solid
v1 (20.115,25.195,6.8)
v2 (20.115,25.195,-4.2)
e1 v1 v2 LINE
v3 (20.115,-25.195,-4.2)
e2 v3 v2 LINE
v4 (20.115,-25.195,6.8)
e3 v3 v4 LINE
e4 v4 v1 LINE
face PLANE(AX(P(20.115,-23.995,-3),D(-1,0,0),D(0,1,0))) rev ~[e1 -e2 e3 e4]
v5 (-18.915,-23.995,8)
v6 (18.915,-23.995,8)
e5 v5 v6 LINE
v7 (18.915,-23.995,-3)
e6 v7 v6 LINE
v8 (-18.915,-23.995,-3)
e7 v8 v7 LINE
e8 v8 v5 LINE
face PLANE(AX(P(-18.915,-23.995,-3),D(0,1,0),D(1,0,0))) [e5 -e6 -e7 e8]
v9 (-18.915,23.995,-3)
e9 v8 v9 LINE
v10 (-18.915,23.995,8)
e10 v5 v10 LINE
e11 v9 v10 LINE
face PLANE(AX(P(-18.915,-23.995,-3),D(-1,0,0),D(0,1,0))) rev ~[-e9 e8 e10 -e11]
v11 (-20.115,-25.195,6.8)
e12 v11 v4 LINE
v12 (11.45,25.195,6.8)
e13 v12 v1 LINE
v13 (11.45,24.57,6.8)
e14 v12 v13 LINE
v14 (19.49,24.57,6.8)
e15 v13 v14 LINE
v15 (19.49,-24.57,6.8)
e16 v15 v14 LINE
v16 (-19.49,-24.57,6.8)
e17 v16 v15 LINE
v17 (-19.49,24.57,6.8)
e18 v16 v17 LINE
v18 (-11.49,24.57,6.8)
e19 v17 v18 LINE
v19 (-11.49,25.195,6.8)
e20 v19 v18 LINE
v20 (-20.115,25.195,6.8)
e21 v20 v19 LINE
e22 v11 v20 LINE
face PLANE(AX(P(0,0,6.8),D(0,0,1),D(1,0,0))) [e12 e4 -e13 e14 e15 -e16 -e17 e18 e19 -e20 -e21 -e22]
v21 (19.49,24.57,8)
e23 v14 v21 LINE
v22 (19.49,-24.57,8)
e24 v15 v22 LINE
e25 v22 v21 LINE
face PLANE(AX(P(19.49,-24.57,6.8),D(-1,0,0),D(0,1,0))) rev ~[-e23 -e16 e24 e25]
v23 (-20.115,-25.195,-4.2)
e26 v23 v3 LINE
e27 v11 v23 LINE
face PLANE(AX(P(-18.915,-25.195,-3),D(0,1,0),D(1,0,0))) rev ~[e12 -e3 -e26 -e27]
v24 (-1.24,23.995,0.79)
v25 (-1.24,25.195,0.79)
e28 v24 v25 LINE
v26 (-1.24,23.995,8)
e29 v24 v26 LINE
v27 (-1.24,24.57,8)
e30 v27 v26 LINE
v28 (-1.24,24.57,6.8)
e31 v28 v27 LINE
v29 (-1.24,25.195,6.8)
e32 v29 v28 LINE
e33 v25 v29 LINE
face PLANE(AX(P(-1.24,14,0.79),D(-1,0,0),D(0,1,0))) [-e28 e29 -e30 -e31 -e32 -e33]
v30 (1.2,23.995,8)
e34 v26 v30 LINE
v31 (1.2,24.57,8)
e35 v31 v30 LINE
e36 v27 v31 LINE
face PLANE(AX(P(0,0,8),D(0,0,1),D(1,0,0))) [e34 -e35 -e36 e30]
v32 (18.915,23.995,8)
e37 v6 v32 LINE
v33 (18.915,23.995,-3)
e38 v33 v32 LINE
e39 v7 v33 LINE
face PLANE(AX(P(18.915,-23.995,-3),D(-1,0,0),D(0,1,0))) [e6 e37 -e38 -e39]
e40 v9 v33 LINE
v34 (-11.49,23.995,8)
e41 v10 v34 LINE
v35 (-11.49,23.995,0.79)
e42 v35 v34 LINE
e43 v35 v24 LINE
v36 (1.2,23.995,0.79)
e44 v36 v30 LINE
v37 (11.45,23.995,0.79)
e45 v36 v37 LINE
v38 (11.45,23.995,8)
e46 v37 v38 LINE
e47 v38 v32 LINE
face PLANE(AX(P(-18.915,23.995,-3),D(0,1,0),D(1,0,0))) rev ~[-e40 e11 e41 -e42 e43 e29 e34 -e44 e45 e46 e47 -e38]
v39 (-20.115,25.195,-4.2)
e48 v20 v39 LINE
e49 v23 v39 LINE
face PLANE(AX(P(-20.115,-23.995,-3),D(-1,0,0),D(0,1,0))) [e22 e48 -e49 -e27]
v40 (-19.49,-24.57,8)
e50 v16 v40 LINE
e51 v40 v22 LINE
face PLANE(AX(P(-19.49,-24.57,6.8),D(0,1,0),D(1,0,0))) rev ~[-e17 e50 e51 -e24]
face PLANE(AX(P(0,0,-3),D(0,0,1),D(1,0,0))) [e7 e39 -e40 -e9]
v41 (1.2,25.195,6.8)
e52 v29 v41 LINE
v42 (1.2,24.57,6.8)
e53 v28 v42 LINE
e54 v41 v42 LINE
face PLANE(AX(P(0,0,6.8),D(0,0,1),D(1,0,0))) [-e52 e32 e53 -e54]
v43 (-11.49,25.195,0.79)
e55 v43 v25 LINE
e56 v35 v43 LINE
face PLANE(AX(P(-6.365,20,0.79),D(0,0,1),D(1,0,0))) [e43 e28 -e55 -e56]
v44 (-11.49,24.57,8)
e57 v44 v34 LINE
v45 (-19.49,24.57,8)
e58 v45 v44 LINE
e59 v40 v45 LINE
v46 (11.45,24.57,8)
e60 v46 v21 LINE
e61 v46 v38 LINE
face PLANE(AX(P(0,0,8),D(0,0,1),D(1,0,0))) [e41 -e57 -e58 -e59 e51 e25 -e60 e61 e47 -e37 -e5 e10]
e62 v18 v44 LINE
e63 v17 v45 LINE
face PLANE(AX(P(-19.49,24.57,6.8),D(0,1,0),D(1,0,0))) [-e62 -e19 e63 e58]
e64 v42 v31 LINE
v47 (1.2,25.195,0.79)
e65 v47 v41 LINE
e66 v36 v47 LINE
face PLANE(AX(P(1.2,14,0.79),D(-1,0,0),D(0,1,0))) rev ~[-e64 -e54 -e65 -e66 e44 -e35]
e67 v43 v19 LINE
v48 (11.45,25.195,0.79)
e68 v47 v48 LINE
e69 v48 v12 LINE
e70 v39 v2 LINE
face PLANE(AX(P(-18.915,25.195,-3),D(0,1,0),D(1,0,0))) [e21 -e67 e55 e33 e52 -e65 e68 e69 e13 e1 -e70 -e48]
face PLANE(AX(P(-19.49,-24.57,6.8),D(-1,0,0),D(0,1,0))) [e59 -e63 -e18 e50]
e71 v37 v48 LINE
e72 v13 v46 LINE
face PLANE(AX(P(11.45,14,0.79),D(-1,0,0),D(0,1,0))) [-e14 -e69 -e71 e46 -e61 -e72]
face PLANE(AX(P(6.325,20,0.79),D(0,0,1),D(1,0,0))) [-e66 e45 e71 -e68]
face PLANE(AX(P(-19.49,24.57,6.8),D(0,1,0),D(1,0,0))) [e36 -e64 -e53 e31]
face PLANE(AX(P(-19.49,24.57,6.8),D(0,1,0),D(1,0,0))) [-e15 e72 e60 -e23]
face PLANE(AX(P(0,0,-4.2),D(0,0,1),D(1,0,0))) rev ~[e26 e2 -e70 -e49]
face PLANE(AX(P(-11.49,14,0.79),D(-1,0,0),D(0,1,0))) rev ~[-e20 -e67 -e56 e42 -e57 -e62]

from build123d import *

# Parameters (mm, degrees)
BOX029_W       = 10.25
BOX029_H       = 12
BOX029_DEPTH   = 13
BOX_W          = 10.25
BOX_H          = 12
BOX_DEPTH      = 13
BOX025_W       = 37.83
BOX025_H       = 47.99
BOX025_DEPTH   = 1.2
BOX026_W       = 38.98
BOX026_H       = 49.14
BOX026_DEPTH   = 1.2
BOX027_W       = 37.83
BOX027_H       = 47.99
BOX027_DEPTH   = 1.2
BOX028_W       = 40.25
BOX028_H       = 50.41
BOX028_DEPTH   = 1.2
BOX013_W       = 37.83
BOX013_H       = 47.99
BOX013_DEPTH   = 11
THICKNESS003_T = 1.2


with BuildPart() as cube029:
    # Box029 → Box029 (new body)
    with BuildSketch(Plane(origin=(-11.49, 14, 0.79), x_dir=(1, 0, 0), z_dir=(0, 0, 1))):
        with Locations((5.125, 6)):
            Rectangle(BOX029_W, BOX029_H)
    extrude(amount=BOX029_DEPTH)


with BuildPart() as cube:
    # Box → Box (new body)
    with BuildSketch(Plane(origin=(1.2, 14, 0.79), x_dir=(1, 0, 0), z_dir=(0, 0, 1))):
        with Locations((5.125, 6)):
            Rectangle(BOX_W, BOX_H)
    extrude(amount=BOX_DEPTH)


with BuildPart() as cube025:
    # Box025 → Box025 (new body)
    with BuildSketch(Plane(origin=(-18.91, -24, 0), x_dir=(1, 0, 0), z_dir=(0, 0, 1))):
        with Locations((18.915, 23.995)):
            Rectangle(BOX025_W, BOX025_H)
    extrude(amount=BOX025_DEPTH)


with BuildPart() as cut006:
    # Box026 → Box026 (new body)
    with BuildSketch(Plane(origin=(-19.49, -24.57, 0), x_dir=(1, 0, 0), z_dir=(0, 0, 1))):
        with Locations((19.49, 24.57)):
            Rectangle(BOX026_W, BOX026_H)
    extrude(amount=BOX026_DEPTH)

    # Cut006: cut Cube025
    add(cube025.part, mode=Mode.SUBTRACT)


with BuildPart() as cube027:
    # Box027 → Box027 (new body)
    with BuildSketch(Plane(origin=(-18.91, -24, 0), x_dir=(1, 0, 0), z_dir=(0, 0, 1))):
        with Locations((18.915, 23.995)):
            Rectangle(BOX027_W, BOX027_H)
    extrude(amount=BOX027_DEPTH)


with BuildPart() as cut008:
    # Box028 → Box028 (new body)
    with BuildSketch(Plane(origin=(-20.125, -25.205, 0), x_dir=(1, 0, 0), z_dir=(0, 0, 1))):
        with Locations((20.125, 25.205)):
            Rectangle(BOX028_W, BOX028_H)
    extrude(amount=BOX028_DEPTH)

    # Cut007: cut Cube027
    add(cube027.part, mode=Mode.SUBTRACT)

    # Cut008: cut Cut006
    add(cut006.part, mode=Mode.SUBTRACT)


with BuildPart() as cut008_1:
    # Cut008 placement: moved
    add(cut008.part.moved(Location((0, 0, 6.8))))


with BuildPart() as cut010:
    # Box013 → Box013 (new body)
    with BuildSketch(Plane(origin=(-18.915, -23.995, -3), x_dir=(1, 0, 0), z_dir=(0, 0, 1))):
        with Locations((18.915, 23.995)):
            Rectangle(BOX013_W, BOX013_H)
    extrude(amount=BOX013_DEPTH)


with BuildPart() as cut010_1:
    # BaseFeature001 placement: moved
    add(cut010.part.moved(Location((18.915, 23.995, 3))))

    # Thickness003
    thickness003_openings = [cut010_1.faces().sort_by_distance(p)[0] for p in [
        (18.915, 23.995, 11),
    ]]
    offset(amount=THICKNESS003_T, openings=thickness003_openings, kind=Kind.INTERSECTION)


with BuildPart() as cut010_2:
    # Body001 placement: moved
    add(cut010_1.part.moved(Location((-18.915, -23.995, -3))))

    # Cut: cut Cut008
    add(cut008_1.part, mode=Mode.SUBTRACT)

    # Cut009: cut Cube
    add(cube.part, mode=Mode.SUBTRACT)

    # Cut010: cut Cube029
    add(cube029.part, mode=Mode.SUBTRACT)


solid = cut010_2.part
